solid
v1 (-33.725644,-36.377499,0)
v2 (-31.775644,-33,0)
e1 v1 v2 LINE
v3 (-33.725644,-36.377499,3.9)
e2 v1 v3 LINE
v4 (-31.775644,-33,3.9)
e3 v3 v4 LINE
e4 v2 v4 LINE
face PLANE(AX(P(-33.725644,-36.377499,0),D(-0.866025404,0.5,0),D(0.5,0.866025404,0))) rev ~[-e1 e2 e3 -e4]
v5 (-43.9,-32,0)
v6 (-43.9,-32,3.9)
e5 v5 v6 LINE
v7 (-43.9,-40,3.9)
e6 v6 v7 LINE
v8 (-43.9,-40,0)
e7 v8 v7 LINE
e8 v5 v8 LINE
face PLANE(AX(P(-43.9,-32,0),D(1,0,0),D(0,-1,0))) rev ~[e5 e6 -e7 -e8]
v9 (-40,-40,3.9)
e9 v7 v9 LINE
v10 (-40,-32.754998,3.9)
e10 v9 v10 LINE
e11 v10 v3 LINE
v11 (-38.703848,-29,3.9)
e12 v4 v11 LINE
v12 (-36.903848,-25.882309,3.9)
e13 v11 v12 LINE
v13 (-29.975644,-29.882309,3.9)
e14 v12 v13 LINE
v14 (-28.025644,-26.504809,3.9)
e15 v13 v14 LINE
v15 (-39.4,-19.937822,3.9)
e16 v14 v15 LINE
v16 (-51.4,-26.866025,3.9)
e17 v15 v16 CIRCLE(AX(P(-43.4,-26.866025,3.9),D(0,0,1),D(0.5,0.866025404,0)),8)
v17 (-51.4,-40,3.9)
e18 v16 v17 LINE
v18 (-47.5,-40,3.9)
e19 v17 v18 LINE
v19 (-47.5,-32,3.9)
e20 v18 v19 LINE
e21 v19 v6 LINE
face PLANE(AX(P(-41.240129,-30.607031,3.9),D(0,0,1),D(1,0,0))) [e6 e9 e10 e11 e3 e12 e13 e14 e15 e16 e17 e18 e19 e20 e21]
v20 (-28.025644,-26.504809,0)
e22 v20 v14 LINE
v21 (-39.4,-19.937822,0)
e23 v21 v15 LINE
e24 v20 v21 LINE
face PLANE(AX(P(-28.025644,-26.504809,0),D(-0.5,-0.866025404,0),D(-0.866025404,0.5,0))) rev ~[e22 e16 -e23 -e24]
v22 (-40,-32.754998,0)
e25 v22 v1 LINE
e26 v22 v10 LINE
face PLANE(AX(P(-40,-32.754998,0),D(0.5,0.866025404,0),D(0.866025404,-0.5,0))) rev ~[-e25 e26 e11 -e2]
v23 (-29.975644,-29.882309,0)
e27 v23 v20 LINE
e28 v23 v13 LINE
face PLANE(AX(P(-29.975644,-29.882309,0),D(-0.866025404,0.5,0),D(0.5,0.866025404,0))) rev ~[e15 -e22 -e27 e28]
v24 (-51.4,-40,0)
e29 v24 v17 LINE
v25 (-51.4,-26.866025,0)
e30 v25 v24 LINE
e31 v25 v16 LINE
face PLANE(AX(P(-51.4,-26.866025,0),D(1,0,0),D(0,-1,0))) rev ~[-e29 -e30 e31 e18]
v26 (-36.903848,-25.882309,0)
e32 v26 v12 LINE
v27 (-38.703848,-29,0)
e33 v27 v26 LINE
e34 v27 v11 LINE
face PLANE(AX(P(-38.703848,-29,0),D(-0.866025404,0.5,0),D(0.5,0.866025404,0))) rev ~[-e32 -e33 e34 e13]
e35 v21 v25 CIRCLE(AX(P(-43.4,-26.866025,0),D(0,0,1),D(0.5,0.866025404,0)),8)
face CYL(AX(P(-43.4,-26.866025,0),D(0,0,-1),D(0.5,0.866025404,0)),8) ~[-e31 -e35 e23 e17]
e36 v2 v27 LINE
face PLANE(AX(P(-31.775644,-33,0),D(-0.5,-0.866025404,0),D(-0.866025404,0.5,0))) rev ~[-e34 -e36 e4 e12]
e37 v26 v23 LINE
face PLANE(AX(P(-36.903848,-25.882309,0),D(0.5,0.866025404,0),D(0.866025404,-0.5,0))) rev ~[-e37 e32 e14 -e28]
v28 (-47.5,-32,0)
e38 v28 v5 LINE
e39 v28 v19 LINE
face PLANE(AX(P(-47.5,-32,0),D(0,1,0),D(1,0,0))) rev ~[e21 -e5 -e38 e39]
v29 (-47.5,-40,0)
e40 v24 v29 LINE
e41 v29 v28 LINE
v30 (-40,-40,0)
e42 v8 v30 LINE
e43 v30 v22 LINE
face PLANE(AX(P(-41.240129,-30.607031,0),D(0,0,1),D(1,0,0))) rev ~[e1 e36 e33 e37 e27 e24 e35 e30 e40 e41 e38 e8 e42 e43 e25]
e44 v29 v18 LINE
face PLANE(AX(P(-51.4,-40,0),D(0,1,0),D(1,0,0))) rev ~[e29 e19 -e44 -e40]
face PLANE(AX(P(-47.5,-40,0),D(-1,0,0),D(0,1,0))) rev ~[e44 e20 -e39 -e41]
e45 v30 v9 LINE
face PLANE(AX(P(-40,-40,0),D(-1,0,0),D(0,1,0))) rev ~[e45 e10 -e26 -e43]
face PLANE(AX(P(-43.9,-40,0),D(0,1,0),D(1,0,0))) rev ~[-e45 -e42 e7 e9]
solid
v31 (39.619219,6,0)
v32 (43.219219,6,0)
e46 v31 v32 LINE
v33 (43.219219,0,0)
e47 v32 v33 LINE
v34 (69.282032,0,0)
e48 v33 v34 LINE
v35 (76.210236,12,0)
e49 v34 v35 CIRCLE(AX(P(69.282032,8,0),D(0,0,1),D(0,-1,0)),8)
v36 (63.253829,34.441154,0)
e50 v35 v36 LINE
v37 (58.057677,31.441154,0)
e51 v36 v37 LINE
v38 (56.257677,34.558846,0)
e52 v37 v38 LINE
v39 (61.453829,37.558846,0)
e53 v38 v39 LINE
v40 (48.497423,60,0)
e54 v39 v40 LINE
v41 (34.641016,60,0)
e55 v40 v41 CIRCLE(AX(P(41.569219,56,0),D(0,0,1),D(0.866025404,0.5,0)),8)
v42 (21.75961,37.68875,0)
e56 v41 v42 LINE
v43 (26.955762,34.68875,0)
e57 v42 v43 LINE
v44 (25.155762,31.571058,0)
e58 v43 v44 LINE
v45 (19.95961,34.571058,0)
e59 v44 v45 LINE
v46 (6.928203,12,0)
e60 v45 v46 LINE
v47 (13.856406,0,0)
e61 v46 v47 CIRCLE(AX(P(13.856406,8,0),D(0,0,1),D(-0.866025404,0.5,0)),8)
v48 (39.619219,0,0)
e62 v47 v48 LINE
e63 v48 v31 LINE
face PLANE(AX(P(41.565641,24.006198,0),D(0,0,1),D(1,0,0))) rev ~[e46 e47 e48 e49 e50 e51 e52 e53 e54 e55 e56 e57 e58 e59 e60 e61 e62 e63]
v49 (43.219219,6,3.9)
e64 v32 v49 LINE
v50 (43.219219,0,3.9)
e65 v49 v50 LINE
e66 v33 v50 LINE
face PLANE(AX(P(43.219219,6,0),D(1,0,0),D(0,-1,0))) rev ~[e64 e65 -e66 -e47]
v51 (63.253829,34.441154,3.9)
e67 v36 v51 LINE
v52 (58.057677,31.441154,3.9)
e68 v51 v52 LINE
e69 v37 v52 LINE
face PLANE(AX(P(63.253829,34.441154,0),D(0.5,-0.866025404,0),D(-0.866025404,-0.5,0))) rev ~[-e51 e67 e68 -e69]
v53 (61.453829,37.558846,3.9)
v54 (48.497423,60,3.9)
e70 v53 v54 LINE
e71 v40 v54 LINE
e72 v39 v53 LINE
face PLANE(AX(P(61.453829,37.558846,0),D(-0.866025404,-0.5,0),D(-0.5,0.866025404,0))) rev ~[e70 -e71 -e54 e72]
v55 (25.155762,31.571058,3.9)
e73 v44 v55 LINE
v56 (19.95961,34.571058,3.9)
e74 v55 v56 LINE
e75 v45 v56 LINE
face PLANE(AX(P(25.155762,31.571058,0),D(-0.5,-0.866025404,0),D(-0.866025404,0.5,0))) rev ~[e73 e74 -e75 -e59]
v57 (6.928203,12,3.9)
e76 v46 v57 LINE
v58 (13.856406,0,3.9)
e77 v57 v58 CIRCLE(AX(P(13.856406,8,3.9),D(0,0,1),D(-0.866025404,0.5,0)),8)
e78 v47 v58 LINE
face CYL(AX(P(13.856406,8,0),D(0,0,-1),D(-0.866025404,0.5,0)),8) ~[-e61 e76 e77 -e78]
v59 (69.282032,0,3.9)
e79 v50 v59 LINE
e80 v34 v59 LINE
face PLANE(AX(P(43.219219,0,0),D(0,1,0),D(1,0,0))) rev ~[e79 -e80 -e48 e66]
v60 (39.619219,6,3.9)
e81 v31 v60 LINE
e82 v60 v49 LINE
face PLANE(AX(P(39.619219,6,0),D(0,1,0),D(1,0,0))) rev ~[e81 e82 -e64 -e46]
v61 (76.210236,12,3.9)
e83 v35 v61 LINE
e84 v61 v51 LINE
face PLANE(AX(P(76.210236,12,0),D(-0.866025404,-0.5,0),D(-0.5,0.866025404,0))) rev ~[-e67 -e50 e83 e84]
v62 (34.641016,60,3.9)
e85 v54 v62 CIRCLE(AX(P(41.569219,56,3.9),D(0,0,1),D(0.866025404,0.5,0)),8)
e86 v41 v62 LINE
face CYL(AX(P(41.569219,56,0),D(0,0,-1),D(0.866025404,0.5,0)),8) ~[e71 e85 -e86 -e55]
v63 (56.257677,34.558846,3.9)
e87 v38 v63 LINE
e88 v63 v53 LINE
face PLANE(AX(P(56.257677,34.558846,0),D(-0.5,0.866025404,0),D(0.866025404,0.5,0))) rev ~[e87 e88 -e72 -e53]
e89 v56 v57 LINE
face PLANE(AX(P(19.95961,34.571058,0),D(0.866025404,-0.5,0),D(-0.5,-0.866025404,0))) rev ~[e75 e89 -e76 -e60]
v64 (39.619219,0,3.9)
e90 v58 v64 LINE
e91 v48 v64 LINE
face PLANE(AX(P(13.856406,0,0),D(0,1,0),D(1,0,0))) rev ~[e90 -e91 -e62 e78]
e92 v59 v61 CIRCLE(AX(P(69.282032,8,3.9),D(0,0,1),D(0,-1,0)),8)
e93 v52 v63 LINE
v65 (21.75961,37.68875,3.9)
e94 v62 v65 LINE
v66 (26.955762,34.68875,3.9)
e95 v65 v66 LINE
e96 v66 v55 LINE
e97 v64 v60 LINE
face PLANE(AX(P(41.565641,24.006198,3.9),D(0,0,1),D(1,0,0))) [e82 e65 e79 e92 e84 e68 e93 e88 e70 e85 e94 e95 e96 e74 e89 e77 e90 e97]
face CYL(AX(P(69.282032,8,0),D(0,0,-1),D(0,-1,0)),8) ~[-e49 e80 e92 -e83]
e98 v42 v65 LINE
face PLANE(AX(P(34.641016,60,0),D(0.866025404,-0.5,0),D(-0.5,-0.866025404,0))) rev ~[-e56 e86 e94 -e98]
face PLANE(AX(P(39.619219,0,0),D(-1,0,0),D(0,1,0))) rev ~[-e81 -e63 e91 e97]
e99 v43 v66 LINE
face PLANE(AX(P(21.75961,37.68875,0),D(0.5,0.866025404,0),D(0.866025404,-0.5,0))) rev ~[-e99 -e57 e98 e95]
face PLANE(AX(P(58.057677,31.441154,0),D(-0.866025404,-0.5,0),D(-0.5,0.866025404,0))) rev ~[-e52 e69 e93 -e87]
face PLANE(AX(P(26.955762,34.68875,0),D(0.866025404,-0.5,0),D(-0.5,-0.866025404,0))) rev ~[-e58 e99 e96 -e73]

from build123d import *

# Parameters (mm, degrees)
F2_DEPTH = 3.9
F5_DEPTH = 3.9


with BuildPart() as f2:
    # F1 (on Top) → F2 (new body)
    with BuildSketch(Plane.XY):
        with BuildLine():
            ThreePointArc((6.9282032303, 12), (6.9282032303, 4), (13.8564064606, 0))
            Line((13.8564064606, 0), (39.6192193817, 0))
            Line((39.6192193817, 0), (39.6192193817, 6))
            Line((39.6192193817, 6), (43.2192193817, 6))
            Line((43.2192193817, 6), (43.2192193817, 0))
            Line((43.2192193817, 0), (69.2820323028, 0))
            ThreePointArc((69.2820323028, 0), (76.210235533, 4), (76.210235533, 12))
            Line((76.210235533, 12), (63.2538290725, 34.4411542732))
            Line((63.2538290725, 34.4411542732), (58.0576766498, 31.4411542732))
            Line((58.0576766498, 31.4411542732), (56.2576766498, 34.5588457268))
            Line((56.2576766498, 34.5588457268), (61.4538290725, 37.5588457268))
            Line((61.4538290725, 37.5588457268), (48.4974226119, 60))
            ThreePointArc((48.4974226119, 60), (41.5692193817, 64), (34.6410161514, 60))
            Line((34.6410161514, 60), (21.7596096908, 37.6887495374))
            Line((21.7596096908, 37.6887495374), (26.9557621135, 34.6887495374))
            Line((26.9557621135, 34.6887495374), (25.1557621135, 31.5710580838))
            Line((25.1557621135, 31.5710580838), (19.9596096908, 34.5710580838))
            Line((19.9596096908, 34.5710580838), (6.9282032303, 12))
        make_face()
    extrude(amount=F2_DEPTH)


with BuildPart() as f5:
    # F4 (on Top) → F5 (new body)
    with BuildSketch(Plane.XY):
        with BuildLine():
            Line((-43.9, -40), (-40, -40))
            Line((-40, -40), (-40, -32.7549981495))
            Line((-40, -32.7549981495), (-33.725644347, -36.3774990748))
            Line((-33.725644347, -36.3774990748), (-31.775644347, -33))
            Line((-31.775644347, -33), (-38.7038475773, -29))
            Line((-38.7038475773, -29), (-36.9038475773, -25.8823085464))
            Line((-36.9038475773, -25.8823085464), (-29.975644347, -29.8823085464))
            Line((-29.975644347, -29.8823085464), (-28.025644347, -26.5048094716))
            Line((-28.025644347, -26.5048094716), (-39.4, -19.9378221735))
            ThreePointArc((-39.4, -19.9378221735), (-47.4, -19.9378221735), (-51.4, -26.8660254038))
            Line((-51.4, -26.8660254038), (-51.4, -40))
            Line((-51.4, -40), (-47.5, -40))
            Line((-47.5, -40), (-47.5, -32))
            Line((-47.5, -32), (-43.9, -32))
            Line((-43.9, -32), (-43.9, -40))
        make_face()
    extrude(amount=F5_DEPTH)


solid = Compound([f2.part, f5.part])
